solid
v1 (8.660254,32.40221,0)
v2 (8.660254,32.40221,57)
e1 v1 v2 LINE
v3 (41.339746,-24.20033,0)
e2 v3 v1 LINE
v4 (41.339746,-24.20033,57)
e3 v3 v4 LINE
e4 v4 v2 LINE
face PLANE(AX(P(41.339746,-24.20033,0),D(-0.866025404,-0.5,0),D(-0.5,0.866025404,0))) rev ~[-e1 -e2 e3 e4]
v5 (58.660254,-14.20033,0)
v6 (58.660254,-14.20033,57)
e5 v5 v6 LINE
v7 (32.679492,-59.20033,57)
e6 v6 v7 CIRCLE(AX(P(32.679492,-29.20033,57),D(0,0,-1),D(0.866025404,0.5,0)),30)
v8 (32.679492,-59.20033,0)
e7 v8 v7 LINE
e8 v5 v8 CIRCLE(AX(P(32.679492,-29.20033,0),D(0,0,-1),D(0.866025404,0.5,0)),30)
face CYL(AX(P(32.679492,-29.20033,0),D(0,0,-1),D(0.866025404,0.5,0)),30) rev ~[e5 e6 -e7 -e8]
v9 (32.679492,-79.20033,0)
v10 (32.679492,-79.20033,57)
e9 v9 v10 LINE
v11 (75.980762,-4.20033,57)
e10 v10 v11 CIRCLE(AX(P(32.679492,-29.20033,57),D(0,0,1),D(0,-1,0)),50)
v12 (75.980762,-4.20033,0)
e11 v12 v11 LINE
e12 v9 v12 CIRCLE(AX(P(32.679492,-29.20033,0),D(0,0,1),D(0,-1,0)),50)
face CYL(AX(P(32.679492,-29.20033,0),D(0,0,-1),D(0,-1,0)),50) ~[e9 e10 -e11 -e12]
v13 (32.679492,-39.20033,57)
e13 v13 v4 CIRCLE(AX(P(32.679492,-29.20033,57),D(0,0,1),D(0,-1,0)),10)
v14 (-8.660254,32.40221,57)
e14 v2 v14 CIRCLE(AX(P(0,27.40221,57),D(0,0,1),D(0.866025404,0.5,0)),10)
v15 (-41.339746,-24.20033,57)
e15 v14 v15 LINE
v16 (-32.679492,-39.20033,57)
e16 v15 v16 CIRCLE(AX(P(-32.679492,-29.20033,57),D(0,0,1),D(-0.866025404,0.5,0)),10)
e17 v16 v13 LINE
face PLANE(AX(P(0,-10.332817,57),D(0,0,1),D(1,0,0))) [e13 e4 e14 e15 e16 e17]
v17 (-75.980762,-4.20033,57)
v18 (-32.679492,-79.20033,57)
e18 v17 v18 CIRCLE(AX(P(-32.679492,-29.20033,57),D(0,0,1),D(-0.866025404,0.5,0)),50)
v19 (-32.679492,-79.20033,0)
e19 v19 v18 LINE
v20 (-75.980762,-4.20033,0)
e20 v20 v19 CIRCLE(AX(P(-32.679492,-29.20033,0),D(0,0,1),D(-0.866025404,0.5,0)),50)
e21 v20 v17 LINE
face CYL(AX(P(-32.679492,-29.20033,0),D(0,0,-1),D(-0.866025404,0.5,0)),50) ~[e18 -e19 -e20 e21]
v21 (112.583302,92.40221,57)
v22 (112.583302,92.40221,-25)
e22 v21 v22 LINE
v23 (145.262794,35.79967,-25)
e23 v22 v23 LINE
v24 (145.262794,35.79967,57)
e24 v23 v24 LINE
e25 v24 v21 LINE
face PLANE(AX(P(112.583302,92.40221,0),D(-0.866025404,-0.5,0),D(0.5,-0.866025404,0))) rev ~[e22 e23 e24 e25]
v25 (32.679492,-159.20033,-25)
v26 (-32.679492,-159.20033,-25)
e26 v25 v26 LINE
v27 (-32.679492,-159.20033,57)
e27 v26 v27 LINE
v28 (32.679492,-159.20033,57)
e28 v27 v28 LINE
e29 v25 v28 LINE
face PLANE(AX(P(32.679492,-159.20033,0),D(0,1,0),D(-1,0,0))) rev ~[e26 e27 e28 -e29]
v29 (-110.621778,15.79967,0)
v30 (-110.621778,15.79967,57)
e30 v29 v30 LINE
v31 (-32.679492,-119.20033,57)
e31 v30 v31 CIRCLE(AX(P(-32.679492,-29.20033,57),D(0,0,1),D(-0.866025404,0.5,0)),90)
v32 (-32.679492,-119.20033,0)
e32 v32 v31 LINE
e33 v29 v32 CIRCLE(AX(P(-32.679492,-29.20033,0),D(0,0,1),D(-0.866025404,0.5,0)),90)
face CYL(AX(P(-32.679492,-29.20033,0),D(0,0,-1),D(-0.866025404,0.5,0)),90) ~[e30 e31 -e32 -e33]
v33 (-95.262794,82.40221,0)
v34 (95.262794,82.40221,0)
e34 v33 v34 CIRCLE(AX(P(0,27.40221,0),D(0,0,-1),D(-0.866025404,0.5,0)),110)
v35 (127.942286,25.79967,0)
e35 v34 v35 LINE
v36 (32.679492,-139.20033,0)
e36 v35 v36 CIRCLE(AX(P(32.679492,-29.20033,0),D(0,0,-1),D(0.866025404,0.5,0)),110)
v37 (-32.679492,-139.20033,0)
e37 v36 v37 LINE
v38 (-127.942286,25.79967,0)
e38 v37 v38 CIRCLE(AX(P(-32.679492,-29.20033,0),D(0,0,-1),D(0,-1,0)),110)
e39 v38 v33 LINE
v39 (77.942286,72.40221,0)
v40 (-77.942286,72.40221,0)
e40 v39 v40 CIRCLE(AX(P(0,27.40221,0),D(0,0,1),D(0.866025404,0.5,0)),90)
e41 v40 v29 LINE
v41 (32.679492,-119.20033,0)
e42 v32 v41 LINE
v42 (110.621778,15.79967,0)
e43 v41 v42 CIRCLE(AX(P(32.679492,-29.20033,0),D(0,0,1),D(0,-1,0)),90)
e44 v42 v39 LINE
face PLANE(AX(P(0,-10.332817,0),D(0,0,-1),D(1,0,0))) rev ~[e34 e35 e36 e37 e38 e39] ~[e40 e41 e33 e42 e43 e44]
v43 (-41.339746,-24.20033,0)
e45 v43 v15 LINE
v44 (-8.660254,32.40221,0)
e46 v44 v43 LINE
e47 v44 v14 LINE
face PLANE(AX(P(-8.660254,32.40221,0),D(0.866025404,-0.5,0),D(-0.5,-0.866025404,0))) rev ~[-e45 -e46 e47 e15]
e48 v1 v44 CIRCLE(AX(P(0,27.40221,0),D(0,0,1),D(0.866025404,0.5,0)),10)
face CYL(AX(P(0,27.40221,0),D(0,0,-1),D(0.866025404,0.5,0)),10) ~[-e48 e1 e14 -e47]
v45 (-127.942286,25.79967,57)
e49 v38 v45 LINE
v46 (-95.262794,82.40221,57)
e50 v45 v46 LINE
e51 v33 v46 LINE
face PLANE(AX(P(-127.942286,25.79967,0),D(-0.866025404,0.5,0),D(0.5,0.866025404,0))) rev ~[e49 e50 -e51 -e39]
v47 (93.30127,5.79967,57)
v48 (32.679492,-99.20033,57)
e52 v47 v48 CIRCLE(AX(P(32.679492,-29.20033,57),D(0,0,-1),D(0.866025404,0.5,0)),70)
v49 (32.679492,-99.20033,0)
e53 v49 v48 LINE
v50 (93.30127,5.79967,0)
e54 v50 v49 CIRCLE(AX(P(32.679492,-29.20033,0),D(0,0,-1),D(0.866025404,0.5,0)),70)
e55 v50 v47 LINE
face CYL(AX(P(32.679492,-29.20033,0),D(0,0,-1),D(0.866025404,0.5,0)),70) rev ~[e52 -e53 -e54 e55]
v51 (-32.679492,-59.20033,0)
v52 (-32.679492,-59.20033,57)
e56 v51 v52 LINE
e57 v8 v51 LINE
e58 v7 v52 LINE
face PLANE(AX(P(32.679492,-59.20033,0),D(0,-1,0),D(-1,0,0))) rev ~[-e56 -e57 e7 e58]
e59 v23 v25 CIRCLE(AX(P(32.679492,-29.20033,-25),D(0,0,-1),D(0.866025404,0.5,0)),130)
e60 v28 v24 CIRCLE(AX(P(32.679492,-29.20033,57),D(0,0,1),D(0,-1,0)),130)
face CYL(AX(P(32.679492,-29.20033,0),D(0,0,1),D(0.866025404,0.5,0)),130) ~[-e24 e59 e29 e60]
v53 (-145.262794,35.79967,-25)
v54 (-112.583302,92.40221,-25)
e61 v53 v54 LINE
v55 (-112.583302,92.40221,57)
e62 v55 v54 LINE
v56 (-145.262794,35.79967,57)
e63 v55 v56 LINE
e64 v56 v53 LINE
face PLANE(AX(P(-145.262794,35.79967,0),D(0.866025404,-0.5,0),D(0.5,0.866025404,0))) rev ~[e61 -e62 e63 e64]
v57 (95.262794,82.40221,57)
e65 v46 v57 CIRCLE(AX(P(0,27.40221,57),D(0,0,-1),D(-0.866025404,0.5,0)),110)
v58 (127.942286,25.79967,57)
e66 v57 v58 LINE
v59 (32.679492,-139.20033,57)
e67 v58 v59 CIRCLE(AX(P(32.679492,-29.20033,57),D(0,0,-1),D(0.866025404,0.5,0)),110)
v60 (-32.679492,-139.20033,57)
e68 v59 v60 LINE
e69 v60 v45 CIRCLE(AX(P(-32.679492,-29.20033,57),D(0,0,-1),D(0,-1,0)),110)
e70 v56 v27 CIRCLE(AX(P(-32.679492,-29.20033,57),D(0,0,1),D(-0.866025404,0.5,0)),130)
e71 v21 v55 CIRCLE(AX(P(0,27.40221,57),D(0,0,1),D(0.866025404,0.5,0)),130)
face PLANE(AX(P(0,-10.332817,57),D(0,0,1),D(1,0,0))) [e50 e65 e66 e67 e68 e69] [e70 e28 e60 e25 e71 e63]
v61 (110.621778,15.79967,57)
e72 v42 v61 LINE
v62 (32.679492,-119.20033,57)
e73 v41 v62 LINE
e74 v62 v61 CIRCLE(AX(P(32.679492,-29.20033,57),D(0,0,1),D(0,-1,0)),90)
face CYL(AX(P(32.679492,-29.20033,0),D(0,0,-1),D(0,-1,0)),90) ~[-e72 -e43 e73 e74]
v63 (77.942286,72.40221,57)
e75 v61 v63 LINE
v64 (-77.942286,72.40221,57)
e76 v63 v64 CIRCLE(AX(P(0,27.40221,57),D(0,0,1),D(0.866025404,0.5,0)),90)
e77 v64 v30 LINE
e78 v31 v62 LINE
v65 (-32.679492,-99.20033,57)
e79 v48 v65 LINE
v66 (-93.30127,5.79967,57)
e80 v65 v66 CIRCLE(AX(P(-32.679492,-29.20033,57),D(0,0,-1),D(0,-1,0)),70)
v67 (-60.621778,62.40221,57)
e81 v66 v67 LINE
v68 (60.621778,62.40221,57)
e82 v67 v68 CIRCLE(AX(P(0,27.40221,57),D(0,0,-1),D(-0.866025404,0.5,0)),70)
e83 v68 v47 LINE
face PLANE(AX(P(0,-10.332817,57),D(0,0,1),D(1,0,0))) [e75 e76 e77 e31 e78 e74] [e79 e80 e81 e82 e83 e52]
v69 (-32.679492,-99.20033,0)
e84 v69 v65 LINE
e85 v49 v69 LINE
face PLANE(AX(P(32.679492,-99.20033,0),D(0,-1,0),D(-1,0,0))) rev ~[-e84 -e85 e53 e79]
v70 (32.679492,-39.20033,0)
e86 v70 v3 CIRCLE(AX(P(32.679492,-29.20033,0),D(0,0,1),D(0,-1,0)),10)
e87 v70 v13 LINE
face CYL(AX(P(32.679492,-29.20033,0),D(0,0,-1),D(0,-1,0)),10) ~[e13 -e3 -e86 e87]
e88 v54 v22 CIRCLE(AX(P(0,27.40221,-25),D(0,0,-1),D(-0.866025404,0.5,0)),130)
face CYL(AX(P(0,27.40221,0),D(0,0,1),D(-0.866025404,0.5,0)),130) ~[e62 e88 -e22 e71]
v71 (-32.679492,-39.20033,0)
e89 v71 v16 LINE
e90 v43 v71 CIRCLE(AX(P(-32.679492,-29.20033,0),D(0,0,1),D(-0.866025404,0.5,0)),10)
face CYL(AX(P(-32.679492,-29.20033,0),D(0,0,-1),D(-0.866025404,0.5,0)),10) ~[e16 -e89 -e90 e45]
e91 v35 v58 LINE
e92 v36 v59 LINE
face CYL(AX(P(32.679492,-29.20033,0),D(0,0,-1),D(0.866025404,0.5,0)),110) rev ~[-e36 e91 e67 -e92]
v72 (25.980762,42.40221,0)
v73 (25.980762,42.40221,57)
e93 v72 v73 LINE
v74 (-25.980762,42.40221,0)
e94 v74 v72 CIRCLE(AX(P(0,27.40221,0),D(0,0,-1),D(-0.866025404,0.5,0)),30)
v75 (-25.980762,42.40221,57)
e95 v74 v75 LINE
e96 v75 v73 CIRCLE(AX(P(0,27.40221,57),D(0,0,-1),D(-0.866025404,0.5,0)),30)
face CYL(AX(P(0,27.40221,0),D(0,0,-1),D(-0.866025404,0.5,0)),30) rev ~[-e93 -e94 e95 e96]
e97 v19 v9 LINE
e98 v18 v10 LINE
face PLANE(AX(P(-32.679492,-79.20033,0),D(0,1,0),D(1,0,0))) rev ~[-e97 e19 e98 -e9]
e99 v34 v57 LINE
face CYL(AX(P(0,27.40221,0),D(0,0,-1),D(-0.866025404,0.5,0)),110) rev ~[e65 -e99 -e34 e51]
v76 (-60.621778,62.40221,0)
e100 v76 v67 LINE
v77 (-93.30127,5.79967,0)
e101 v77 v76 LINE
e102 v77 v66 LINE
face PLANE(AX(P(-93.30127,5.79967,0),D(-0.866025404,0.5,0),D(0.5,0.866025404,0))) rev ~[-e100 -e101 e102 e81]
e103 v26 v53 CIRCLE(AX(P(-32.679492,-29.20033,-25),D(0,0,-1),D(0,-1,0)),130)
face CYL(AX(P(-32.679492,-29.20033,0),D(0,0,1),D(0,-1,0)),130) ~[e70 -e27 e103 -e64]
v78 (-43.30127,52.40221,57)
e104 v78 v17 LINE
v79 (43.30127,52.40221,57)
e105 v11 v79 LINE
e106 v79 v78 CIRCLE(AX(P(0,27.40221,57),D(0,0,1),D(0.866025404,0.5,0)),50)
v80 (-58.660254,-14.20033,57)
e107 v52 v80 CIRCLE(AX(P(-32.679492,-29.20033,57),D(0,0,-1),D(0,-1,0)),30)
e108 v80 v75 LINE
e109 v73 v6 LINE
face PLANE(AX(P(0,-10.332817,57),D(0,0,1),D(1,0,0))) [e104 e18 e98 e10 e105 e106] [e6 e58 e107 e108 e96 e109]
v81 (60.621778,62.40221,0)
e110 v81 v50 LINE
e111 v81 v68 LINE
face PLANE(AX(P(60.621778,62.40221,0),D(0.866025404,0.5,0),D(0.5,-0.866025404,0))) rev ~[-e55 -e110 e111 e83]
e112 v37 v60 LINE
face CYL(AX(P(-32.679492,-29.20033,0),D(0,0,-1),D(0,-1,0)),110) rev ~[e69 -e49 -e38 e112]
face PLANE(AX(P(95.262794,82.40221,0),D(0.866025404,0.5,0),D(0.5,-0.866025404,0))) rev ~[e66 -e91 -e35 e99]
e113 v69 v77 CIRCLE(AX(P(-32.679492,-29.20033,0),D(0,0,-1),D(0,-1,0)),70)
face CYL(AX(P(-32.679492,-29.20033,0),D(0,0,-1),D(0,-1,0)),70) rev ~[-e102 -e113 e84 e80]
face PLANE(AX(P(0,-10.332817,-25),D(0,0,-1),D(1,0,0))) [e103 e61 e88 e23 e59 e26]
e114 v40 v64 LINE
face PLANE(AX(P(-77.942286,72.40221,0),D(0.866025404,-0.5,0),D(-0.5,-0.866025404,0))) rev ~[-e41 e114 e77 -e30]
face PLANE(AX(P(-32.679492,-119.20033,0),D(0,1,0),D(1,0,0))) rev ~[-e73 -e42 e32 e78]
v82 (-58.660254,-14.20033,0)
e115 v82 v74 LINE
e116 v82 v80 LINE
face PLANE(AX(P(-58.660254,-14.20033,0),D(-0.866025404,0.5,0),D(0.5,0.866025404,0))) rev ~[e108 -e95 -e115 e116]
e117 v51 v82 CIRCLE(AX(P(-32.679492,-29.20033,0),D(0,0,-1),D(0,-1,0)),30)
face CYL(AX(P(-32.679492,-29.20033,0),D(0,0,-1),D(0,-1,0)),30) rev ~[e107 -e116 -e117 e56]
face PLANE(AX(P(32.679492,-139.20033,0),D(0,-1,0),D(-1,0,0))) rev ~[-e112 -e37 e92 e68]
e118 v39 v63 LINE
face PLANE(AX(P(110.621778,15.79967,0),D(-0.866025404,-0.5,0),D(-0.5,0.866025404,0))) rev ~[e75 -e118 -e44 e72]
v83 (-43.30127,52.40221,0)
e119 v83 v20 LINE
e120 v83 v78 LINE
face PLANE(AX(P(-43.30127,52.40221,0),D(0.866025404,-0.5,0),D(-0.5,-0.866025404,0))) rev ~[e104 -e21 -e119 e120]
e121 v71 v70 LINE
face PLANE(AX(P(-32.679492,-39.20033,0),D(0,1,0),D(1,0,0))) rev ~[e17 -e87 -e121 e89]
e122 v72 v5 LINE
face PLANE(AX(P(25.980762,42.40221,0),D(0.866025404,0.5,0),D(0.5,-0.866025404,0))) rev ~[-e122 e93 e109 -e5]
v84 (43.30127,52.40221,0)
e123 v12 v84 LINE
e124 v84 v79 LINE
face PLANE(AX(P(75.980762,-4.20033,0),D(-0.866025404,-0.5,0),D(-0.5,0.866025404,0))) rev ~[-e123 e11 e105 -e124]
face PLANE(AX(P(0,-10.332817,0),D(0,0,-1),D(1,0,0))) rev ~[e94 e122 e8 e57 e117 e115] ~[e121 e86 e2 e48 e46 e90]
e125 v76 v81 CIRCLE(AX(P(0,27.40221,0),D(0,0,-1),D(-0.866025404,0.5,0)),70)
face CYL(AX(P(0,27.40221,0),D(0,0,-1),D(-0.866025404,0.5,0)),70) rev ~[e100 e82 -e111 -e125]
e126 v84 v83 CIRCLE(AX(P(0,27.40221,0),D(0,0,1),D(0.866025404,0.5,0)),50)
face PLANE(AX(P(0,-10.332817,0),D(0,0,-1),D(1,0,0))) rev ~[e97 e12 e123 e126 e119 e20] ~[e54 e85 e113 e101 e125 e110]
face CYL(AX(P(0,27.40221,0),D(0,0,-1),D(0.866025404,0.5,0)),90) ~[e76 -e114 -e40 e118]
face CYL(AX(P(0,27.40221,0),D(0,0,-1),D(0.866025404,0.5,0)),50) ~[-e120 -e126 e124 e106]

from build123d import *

# Parameters (mm, degrees)
F1_DEPTH = 57
F3_DEPTH = 25


with BuildPart() as f1:
    # F0 (on Top) → F1 (new body)
    with BuildSketch(Plane.XY):
        with BuildLine():
            ThreePointArc((8.6602540378, 32.4022103819), (0, 37.4022103819), (-8.6602540378, 32.4022103819))
            Line((-8.6602540378, 32.4022103819), (-41.3397459622, -24.2003299966))
            ThreePointArc((-41.3397459622, -24.2003299966), (-41.3397459622, -34.2003299966), (-32.6794919243, -39.2003299966))
            Line((-32.6794919243, -39.2003299966), (32.6794919243, -39.2003299966))
            ThreePointArc((32.6794919243, -39.2003299966), (41.3397459622, -34.2003299966), (41.3397459622, -24.2003299966))
            Line((41.3397459622, -24.2003299966), (8.6602540378, 32.4022103819))
        make_face()
    extrude(amount=F1_DEPTH)



with BuildPart() as f1b:
    # F0 (on Top) → F1, piece 2 (new body)
    with BuildSketch(Plane.XY):
        with BuildLine():
            Line((75.9807621135, -4.2003299966), (43.3012701892, 52.4022103819))
            ThreePointArc((43.3012701892, 52.4022103819), (0, 77.4022103819), (-43.3012701892, 52.4022103819))
            Line((-43.3012701892, 52.4022103819), (-75.9807621135, -4.2003299966))
            ThreePointArc((-75.9807621135, -4.2003299966), (-75.9807621135, -54.2003299966), (-32.6794919243, -79.2003299966))
            Line((-32.6794919243, -79.2003299966), (32.6794919243, -79.2003299966))
            ThreePointArc((32.6794919243, -79.2003299966), (75.9807621135, -54.2003299966), (75.9807621135, -4.2003299966))
        make_face()
        with BuildLine():
            ThreePointArc((-25.9807621135, 42.4022103819), (0, 57.4022103819), (25.9807621135, 42.4022103819))
            Line((25.9807621135, 42.4022103819), (58.6602540378, -14.2003299966))
            ThreePointArc((58.6602540378, -14.2003299966), (58.6602540378, -44.2003299966), (32.6794919243, -59.2003299966))
            Line((32.6794919243, -59.2003299966), (-32.6794919243, -59.2003299966))
            ThreePointArc((-32.6794919243, -59.2003299966), (-58.6602540378, -44.2003299966), (-58.6602540378, -14.2003299966))
            Line((-58.6602540378, -14.2003299966), (-25.9807621135, 42.4022103819))
        make_face(mode=Mode.SUBTRACT)
    extrude(amount=F1_DEPTH)


with BuildPart() as f1c:
    # F0 (on Top) → F1, piece 3 (new body)
    with BuildSketch(Plane.XY):
        with BuildLine():
            Line((110.6217782649, 15.7996700034), (77.9422863406, 72.4022103819))
            ThreePointArc((77.9422863406, 72.4022103819), (0, 117.4022103819), (-77.9422863406, 72.4022103819))
            Line((-77.9422863406, 72.4022103819), (-110.6217782649, 15.7996700034))
            ThreePointArc((-110.6217782649, 15.7996700034), (-110.6217782649, -74.2003299966), (-32.6794919243, -119.2003299966))
            Line((-32.6794919243, -119.2003299966), (32.6794919243, -119.2003299966))
            ThreePointArc((32.6794919243, -119.2003299966), (110.6217782649, -74.2003299966), (110.6217782649, 15.7996700034))
        make_face()
        with BuildLine():
            ThreePointArc((-60.6217782649, 62.4022103819), (0, 97.4022103819), (60.6217782649, 62.4022103819))
            Line((60.6217782649, 62.4022103819), (93.3012701892, 5.7996700034))
            ThreePointArc((93.3012701892, 5.7996700034), (93.3012701892, -64.2003299966), (32.6794919243, -99.2003299966))
            Line((32.6794919243, -99.2003299966), (-32.6794919243, -99.2003299966))
            ThreePointArc((-32.6794919243, -99.2003299966), (-93.3012701892, -64.2003299966), (-93.3012701892, 5.7996700034))
            Line((-93.3012701892, 5.7996700034), (-60.6217782649, 62.4022103819))
        make_face(mode=Mode.SUBTRACT)
    extrude(amount=F1_DEPTH)


with BuildPart() as f1d:
    # F0 (on Top) → F1, piece 4 (new body)
    with BuildSketch(Plane.XY):
        with BuildLine():
            Line((145.2627944163, 35.7996700034), (112.583302492, 92.4022103819))
            ThreePointArc((112.583302492, 92.4022103819), (0, 157.4022103819), (-112.583302492, 92.4022103819))
            Line((-112.583302492, 92.4022103819), (-145.2627944163, 35.7996700034))
            ThreePointArc((-145.2627944163, 35.7996700034), (-145.2627944163, -94.2003299966), (-32.6794919243, -159.2003299966))
            Line((-32.6794919243, -159.2003299966), (32.6794919243, -159.2003299966))
            ThreePointArc((32.6794919243, -159.2003299966), (145.2627944163, -94.2003299966), (145.2627944163, 35.7996700034))
        make_face()
        with BuildLine():
            ThreePointArc((-95.2627944163, 82.4022103819), (0, 137.4022103819), (95.2627944163, 82.4022103819))
            Line((95.2627944163, 82.4022103819), (127.9422863406, 25.7996700034))
            ThreePointArc((127.9422863406, 25.7996700034), (127.9422863406, -84.2003299966), (32.6794919243, -139.2003299966))
            Line((32.6794919243, -139.2003299966), (-32.6794919243, -139.2003299966))
            ThreePointArc((-32.6794919243, -139.2003299966), (-127.9422863406, -84.2003299966), (-127.9422863406, 25.7996700034))
            Line((-127.9422863406, 25.7996700034), (-95.2627944163, 82.4022103819))
        make_face(mode=Mode.SUBTRACT)
    extrude(amount=F1_DEPTH)


with BuildPart() as f1_1:
    add(f1.part)

    add(f1b.part)  # F3 merges F1b

    add(f1c.part)  # F3 merges F1c

    add(f1d.part)  # F3 merges F1d
    # F2 (on face) → F3 (join)
    with BuildSketch(Plane(origin=(0, 0, 0), x_dir=(1, 0, 0), z_dir=(0, 0, -1))):
        with BuildLine():
            ThreePointArc((-32.6794919243, 159.2003299966), (-145.2627944163, 94.2003299966), (-145.2627944163, -35.7996700034))
            Line((-145.2627944163, -35.7996700034), (-112.583302492, -92.4022103819))
            ThreePointArc((-112.583302492, -92.4022103819), (0, -157.4022103819), (112.583302492, -92.4022103819))
            Line((112.583302492, -92.4022103819), (145.2627944163, -35.7996700034))
            ThreePointArc((145.2627944163, -35.7996700034), (145.2627944163, 94.2003299966), (32.6794919243, 159.2003299966))
            Line((32.6794919243, 159.2003299966), (-32.6794919243, 159.2003299966))
        make_face()
    extrude(amount=F3_DEPTH)


solid = f1_1.part
